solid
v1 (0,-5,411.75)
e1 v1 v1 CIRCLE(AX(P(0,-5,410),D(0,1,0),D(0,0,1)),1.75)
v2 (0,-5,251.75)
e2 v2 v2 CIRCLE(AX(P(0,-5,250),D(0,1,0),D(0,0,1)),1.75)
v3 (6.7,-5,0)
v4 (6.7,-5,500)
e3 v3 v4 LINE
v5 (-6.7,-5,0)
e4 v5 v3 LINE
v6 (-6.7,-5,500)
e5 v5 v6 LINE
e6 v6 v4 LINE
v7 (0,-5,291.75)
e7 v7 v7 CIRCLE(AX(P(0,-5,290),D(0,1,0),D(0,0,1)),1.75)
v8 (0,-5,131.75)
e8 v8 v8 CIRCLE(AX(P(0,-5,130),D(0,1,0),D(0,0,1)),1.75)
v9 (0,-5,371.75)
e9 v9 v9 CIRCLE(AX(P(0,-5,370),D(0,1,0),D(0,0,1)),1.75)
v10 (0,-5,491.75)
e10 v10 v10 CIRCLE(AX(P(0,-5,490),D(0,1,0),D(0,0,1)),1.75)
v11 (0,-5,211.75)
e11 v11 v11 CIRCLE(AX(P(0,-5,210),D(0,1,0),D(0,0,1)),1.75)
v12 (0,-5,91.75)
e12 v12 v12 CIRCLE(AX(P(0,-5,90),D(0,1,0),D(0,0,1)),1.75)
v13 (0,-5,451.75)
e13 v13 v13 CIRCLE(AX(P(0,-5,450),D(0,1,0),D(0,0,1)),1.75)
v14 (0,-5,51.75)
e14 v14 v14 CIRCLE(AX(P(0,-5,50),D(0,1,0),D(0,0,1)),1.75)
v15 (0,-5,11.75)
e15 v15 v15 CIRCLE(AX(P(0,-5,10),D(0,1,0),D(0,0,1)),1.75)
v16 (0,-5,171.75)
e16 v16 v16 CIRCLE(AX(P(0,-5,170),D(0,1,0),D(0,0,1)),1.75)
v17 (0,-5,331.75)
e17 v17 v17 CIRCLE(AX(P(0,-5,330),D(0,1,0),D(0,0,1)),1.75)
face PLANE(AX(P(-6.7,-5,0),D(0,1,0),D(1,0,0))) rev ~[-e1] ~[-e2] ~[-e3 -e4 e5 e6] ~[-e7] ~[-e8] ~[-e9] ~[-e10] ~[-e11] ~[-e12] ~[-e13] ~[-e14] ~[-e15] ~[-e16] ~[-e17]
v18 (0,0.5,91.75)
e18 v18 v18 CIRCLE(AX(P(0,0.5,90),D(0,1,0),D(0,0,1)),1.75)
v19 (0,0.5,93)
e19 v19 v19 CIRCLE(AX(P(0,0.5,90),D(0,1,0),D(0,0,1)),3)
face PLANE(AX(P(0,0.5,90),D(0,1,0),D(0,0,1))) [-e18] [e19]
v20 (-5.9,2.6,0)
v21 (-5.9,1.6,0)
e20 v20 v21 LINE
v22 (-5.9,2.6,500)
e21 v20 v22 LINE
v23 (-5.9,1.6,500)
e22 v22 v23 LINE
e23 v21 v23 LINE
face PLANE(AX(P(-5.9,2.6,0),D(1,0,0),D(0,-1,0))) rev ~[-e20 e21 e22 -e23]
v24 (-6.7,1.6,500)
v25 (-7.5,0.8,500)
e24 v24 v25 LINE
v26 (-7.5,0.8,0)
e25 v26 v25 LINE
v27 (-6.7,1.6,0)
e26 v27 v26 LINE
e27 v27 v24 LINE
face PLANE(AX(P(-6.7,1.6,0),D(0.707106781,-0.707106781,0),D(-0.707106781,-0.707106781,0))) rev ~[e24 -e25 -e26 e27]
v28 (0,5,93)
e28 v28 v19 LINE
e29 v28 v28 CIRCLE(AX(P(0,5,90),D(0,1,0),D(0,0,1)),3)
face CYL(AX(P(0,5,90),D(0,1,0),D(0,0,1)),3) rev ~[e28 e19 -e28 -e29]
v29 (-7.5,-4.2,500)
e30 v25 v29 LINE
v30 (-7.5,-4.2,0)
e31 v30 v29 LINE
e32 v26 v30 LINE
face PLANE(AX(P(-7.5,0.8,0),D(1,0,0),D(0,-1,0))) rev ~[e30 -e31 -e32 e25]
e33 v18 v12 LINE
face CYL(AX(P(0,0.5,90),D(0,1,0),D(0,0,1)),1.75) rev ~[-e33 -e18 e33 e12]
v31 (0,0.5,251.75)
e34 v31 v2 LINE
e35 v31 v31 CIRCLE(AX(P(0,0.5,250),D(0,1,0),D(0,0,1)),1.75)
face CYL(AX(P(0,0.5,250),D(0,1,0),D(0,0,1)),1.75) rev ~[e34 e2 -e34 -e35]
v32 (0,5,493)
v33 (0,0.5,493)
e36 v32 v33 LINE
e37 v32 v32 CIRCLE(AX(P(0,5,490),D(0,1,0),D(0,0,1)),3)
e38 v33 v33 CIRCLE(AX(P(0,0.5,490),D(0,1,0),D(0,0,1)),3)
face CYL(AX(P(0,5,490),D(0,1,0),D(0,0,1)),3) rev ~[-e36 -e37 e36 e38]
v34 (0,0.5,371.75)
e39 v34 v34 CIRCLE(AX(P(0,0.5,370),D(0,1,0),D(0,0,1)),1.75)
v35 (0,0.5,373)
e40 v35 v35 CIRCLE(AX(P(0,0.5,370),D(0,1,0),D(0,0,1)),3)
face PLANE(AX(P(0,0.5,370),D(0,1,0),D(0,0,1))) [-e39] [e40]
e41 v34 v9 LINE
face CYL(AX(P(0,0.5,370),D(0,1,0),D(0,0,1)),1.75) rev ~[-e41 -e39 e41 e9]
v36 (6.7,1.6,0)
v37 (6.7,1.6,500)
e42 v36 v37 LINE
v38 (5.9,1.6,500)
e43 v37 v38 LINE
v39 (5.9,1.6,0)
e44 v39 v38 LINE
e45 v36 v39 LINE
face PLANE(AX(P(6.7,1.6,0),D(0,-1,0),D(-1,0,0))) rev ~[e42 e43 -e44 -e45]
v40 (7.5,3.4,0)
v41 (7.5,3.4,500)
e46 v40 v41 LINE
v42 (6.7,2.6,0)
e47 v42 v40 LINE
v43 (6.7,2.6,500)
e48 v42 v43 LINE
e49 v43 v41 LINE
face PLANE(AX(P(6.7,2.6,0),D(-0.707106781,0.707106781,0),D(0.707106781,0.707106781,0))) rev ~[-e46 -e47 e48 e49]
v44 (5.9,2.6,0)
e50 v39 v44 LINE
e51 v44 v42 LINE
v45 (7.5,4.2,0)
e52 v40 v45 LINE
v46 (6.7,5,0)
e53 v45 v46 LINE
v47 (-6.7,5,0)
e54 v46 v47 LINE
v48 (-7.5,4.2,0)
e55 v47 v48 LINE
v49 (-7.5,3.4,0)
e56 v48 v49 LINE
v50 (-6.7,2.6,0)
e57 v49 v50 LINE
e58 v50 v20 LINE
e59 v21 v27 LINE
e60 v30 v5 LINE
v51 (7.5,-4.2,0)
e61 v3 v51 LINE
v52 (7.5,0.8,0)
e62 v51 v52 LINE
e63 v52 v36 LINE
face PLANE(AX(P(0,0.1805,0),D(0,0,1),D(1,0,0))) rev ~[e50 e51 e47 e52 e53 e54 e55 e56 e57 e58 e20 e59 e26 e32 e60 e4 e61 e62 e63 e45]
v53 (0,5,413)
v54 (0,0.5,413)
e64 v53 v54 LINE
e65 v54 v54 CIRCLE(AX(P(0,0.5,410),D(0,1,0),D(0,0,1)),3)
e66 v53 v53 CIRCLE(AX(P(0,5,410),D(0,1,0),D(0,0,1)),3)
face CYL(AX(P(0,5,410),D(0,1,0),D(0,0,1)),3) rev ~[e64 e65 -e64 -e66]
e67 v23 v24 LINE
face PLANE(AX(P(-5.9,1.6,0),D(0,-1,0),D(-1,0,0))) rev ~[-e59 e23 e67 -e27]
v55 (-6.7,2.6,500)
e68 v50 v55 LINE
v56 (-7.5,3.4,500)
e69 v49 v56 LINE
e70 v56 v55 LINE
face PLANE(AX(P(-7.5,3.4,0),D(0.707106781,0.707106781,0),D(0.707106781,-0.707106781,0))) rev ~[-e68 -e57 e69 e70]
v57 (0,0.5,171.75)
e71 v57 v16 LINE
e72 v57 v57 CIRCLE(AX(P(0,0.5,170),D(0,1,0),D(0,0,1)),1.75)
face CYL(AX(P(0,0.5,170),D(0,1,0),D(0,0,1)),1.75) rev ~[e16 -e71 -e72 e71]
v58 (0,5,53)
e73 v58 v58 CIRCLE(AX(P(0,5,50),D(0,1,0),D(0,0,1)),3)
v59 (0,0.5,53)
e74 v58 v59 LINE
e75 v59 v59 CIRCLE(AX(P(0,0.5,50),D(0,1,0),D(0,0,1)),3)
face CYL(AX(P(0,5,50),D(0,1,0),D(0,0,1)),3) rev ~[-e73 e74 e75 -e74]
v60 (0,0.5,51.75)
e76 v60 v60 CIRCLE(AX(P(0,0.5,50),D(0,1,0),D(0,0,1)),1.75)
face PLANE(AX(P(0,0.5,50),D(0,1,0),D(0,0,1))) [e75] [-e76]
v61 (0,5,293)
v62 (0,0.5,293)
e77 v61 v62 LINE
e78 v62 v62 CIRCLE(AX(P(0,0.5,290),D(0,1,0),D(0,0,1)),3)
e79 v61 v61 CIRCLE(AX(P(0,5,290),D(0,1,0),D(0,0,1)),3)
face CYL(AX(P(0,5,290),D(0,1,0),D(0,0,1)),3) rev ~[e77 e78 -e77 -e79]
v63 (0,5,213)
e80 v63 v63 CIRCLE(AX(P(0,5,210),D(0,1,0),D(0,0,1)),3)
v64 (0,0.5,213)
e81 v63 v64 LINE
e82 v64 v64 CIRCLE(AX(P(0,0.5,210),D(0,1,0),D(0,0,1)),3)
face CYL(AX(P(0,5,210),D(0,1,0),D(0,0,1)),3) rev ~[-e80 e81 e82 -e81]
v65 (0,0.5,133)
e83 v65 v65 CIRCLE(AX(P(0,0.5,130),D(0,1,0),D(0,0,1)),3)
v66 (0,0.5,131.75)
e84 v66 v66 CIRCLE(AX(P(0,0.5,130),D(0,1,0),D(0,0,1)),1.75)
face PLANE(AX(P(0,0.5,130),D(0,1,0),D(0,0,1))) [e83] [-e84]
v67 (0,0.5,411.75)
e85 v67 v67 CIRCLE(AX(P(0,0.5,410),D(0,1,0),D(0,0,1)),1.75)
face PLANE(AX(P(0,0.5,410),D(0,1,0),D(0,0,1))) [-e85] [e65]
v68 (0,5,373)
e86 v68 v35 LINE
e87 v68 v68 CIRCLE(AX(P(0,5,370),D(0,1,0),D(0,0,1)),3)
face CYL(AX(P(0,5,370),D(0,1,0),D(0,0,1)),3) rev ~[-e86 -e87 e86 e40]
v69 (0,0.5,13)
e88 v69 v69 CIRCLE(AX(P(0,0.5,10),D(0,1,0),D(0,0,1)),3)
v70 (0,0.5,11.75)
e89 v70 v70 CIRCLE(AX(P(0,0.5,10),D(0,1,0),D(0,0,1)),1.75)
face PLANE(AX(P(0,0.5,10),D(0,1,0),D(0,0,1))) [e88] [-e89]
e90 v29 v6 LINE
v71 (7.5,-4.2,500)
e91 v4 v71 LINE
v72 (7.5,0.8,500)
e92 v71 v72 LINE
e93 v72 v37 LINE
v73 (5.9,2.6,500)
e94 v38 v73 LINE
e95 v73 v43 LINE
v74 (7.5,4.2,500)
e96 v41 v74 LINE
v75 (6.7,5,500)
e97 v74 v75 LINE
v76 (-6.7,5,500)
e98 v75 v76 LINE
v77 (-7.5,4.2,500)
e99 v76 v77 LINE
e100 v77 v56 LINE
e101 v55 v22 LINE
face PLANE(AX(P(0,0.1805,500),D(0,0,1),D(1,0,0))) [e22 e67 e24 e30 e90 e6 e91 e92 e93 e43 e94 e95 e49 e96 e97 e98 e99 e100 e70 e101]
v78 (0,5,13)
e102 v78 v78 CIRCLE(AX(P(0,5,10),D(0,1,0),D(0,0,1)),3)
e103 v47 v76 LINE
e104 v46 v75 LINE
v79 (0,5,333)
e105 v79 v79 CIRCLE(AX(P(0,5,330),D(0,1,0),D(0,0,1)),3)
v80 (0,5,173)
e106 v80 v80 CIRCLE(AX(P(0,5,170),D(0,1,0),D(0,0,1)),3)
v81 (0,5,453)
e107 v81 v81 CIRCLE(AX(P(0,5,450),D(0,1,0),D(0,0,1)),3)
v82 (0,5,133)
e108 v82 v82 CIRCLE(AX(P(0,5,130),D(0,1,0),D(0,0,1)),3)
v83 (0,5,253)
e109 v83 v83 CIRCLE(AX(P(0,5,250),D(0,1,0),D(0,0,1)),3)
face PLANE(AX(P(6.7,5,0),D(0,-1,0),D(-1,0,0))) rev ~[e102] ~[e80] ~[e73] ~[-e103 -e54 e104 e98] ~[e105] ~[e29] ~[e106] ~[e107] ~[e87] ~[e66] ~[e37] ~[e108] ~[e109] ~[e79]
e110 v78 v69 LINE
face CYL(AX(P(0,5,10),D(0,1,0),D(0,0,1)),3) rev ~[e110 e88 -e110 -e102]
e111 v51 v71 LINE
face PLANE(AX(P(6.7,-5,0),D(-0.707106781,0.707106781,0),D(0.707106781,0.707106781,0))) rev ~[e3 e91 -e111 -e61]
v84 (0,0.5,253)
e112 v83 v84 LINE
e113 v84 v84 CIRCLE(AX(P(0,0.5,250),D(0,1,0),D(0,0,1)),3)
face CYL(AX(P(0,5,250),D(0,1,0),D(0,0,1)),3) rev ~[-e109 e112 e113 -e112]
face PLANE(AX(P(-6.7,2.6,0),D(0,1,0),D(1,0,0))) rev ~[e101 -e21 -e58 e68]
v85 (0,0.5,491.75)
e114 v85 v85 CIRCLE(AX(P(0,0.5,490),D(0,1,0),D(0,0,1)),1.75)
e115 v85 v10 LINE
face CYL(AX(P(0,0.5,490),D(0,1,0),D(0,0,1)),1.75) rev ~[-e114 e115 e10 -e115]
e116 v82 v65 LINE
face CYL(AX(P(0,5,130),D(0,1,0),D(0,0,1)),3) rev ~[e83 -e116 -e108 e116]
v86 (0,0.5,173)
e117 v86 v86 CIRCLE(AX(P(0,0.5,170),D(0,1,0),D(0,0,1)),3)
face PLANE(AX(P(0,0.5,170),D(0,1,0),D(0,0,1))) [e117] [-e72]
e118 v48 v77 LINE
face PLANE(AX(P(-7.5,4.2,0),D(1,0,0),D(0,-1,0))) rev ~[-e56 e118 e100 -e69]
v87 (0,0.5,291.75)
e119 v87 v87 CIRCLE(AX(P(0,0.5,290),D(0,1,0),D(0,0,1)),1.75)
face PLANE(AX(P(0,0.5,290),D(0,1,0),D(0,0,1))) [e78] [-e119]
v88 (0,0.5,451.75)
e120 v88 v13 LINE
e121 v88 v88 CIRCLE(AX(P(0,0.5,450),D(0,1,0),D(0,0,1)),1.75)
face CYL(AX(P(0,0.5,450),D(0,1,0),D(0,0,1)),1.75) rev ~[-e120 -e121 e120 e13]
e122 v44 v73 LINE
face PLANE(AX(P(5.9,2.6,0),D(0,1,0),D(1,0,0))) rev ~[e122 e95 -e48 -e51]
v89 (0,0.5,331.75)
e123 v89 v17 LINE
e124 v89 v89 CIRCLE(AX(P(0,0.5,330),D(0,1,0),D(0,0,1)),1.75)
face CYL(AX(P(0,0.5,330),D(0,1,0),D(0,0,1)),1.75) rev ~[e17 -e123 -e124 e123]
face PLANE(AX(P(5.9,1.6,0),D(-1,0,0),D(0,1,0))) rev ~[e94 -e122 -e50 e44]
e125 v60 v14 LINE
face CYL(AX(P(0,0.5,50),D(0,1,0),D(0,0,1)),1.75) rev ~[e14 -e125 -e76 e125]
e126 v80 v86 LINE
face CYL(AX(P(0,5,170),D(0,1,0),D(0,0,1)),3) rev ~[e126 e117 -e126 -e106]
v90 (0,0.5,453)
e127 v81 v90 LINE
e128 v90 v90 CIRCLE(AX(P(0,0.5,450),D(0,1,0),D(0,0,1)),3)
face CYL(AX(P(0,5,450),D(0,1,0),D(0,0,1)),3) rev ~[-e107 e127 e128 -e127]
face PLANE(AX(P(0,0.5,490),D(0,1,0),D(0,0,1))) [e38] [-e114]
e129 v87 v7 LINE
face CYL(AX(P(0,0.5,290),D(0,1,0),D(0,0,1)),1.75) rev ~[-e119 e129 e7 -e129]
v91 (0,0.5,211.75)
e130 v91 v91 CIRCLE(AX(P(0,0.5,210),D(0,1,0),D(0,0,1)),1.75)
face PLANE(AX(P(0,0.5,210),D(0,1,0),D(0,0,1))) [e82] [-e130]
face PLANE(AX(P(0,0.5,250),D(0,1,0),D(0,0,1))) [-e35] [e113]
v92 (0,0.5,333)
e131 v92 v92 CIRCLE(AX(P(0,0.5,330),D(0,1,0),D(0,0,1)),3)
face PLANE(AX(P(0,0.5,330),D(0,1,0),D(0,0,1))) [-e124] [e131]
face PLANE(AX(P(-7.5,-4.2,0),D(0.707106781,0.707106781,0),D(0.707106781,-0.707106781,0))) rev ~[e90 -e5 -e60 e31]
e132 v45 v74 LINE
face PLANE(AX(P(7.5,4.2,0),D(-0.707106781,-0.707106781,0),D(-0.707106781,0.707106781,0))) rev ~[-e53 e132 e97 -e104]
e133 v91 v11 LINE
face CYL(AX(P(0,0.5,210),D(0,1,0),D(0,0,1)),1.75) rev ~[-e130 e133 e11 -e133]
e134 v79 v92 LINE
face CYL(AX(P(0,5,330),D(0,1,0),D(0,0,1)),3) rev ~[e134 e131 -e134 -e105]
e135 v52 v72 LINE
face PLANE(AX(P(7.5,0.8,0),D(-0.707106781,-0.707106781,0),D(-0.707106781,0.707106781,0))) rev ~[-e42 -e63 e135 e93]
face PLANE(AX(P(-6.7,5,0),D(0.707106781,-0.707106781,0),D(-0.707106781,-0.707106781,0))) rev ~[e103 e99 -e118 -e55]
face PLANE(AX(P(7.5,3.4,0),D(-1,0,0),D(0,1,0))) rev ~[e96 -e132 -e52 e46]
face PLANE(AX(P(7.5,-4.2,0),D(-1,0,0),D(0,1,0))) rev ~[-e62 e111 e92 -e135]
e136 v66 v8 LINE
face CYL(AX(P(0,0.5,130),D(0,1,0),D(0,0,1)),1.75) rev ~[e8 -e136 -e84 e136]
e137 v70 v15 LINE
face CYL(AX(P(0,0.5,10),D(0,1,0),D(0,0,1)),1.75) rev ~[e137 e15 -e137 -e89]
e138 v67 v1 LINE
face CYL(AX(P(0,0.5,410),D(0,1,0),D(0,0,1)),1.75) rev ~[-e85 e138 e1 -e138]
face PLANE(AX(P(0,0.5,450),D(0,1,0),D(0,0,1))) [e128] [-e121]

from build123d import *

# Parameters (mm, degrees)
BOSS_EXTRUDE1_DEPTH = 500
SKETCH4_R           = 3
CUT_EXTRUDE1_DEPTH  = 4.5
SKETCH6_R           = 1.75
CUT_EXTRUDE2_DEPTH  = 501.086492519
LPATTERN1_COUNT     = 13
LPATTERN1_PITCH     = 40


with BuildPart() as part:
    # Sketch1 → Boss-Extrude1 (new body)
    with BuildSketch(Plane.XY):
        Polygon((6.7, 5), (-6.7, 5), (-7.5, 4.2), (-7.5, 3.4), (-6.7, 2.6), (-5.9, 2.6), (-5.9, 1.6), (-6.7, 1.6), (-7.5, 0.8), (-7.5, -4.2), (-6.7, -5), (6.7, -5), (7.5, -4.2), (7.5, 0.8), (6.7, 1.6), (5.9, 1.6), (5.9, 2.6), (6.7, 2.6), (7.5, 3.4), (7.5, 4.2), align=None)
    extrude(amount=BOSS_EXTRUDE1_DEPTH)

    # Sketch4 → Cut-Extrude1 (cut)
    with BuildSketch(Plane(origin=(0, 5, 0), x_dir=(1, 0, 0), z_dir=(0, 1, 0))):
        with Locations(Location((0, -10, 0), (0, 0, 270))):
            Circle(SKETCH4_R)
    cut_extrude1 = extrude(amount=-CUT_EXTRUDE1_DEPTH, mode=Mode.SUBTRACT)

    # Sketch6 → Cut-Extrude2 (cut, through all)
    with BuildSketch(Plane(origin=(0, 0.5, 0), x_dir=(1, 0, 0), z_dir=(0, 1, 0))):
        with Locations(Location((0, -10, 0), (0, 0, 270))):
            Circle(SKETCH6_R)
    cut_extrude2 = extrude(amount=-CUT_EXTRUDE2_DEPTH, mode=Mode.SUBTRACT)

    # LPattern1: Cut-Extrude1, Cut-Extrude2 ×13
    with Locations(*[(0, 0, i * LPATTERN1_PITCH) for i in range(1, LPATTERN1_COUNT)]):
        add(cut_extrude1, mode=Mode.SUBTRACT)
        add(cut_extrude2, mode=Mode.SUBTRACT)


solid = part.part
